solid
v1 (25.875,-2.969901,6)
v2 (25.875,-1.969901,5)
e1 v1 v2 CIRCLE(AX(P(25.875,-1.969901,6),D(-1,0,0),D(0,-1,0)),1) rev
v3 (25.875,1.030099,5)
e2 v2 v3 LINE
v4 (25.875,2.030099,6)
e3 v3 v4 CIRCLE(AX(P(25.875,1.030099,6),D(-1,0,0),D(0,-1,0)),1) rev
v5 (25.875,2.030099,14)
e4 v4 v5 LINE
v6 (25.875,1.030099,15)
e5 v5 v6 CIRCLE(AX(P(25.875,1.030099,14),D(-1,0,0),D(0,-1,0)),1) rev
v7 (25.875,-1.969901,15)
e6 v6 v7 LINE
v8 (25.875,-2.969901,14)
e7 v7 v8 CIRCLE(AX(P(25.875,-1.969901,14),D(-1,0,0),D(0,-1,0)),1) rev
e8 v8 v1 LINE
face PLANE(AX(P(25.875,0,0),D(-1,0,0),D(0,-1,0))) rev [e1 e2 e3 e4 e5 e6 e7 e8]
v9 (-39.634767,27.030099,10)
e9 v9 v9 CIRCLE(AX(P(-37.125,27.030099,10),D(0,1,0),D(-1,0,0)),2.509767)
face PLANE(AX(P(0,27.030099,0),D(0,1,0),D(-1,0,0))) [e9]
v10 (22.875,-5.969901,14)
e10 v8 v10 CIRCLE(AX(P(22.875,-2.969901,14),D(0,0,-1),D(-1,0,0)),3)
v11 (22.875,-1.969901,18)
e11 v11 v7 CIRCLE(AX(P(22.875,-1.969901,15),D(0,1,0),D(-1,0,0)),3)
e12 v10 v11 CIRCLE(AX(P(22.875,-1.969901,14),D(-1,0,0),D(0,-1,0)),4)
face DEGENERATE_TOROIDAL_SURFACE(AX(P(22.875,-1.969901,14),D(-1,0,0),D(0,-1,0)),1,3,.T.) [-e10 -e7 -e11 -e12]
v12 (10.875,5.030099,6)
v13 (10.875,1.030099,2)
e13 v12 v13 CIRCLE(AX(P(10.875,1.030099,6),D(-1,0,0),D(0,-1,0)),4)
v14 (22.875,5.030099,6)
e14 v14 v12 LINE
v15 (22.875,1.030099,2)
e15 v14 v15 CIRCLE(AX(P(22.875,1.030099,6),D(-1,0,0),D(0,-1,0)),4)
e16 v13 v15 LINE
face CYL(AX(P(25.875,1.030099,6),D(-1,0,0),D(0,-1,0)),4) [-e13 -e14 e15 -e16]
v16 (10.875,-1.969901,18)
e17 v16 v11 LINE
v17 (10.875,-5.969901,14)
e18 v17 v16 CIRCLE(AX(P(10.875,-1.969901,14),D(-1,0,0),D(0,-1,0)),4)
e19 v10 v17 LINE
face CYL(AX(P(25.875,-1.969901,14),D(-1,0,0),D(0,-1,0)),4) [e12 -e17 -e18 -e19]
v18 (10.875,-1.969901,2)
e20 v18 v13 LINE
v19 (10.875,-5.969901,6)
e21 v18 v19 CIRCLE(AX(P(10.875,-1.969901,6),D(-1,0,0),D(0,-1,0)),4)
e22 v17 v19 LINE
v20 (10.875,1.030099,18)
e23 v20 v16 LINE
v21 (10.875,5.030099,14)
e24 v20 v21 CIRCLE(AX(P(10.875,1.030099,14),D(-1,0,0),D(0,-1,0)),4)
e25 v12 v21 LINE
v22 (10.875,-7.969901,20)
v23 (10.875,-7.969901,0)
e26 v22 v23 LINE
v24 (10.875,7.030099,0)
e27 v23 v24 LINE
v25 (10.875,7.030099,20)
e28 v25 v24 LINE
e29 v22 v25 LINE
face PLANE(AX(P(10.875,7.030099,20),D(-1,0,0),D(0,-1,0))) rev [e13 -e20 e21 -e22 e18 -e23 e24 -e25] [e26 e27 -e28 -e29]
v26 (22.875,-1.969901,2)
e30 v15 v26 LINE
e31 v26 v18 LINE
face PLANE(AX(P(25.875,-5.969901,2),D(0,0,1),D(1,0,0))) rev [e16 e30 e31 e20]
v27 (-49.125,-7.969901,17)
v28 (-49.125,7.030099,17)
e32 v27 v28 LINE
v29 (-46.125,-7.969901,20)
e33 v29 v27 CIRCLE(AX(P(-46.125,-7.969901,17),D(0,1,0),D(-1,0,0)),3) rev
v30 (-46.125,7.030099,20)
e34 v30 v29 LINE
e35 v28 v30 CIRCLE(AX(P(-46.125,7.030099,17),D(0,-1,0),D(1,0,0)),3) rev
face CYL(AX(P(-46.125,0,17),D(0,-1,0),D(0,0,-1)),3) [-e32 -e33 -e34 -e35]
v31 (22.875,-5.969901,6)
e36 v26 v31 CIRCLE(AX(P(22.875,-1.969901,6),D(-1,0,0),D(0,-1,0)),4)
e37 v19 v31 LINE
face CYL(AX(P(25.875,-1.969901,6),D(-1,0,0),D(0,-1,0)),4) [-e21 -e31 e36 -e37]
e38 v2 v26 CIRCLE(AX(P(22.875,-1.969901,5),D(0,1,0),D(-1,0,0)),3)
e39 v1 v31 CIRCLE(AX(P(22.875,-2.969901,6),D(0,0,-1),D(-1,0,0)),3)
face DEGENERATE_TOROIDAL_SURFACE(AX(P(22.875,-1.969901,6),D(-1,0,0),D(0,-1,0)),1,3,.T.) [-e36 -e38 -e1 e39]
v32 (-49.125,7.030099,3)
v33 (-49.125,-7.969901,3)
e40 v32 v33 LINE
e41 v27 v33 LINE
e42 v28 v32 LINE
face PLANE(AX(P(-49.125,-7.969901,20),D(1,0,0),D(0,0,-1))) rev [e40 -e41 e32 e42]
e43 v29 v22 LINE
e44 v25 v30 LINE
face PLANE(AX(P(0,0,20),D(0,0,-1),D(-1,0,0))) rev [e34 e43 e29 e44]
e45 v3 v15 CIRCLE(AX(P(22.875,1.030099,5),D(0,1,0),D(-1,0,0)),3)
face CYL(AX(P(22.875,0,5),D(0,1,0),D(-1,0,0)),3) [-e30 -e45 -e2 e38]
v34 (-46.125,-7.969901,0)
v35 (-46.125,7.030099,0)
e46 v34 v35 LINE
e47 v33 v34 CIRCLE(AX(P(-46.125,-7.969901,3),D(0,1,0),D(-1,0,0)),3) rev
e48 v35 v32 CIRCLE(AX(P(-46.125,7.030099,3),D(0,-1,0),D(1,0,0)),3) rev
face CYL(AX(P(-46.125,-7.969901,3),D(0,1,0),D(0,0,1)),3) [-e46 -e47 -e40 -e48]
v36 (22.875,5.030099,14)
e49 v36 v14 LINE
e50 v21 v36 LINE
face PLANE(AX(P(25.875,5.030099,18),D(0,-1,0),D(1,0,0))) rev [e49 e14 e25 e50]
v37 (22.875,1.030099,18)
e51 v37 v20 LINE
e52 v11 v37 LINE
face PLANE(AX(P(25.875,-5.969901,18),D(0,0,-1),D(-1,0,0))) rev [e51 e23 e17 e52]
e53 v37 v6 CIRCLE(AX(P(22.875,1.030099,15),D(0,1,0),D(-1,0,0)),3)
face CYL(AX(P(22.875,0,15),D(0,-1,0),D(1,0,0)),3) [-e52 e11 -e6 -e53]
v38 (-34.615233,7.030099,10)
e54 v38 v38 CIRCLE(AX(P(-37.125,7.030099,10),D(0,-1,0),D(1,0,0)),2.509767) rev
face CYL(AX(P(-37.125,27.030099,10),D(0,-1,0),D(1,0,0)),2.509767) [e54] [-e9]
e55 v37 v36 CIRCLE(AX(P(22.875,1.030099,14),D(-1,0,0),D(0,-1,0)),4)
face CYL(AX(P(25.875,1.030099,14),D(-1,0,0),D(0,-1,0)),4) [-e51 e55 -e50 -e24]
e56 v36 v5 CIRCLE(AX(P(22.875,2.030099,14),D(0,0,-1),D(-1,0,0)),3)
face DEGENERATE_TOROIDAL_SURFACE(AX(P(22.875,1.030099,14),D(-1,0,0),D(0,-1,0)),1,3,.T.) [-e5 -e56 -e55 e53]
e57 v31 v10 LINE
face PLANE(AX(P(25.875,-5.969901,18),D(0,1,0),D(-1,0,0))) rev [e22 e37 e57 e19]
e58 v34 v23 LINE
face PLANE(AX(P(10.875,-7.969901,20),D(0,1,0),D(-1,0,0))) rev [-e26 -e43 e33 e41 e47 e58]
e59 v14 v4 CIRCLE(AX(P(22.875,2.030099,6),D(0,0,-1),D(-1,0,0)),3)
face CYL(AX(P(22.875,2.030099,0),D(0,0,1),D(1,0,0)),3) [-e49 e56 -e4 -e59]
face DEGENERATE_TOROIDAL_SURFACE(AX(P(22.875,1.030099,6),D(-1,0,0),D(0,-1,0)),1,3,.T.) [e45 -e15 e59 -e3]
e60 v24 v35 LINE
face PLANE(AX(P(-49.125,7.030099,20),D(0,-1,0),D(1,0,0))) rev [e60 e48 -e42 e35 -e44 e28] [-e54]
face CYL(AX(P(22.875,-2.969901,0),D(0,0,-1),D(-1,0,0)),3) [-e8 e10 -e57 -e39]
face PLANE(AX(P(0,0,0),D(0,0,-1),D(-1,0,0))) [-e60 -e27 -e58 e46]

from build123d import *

# Parameters (mm, degrees)
SKETCH1_W           = 60
SKETCH1_H           = 15
BOSS_EXTRUDE2_DEPTH = 20
SKETCH4_R           = 2.509766753
BOSS_EXTRUDE3_DEPTH = 20
SKETCH5_W           = 16
SKETCH5_H           = 11
BOSS_EXTRUDE4_DEPTH = 15
FILLET2_R           = 4
FILLET3_R           = 4
FILLET6_R           = 4
FILLET7_R           = 3
FILLET8_R           = 3


with BuildPart() as part:
    # Sketch1 → Boss-Extrude2 (new body)
    with BuildSketch(Plane.XY):
        with Locations((-19.125, -0.469901236)):
            Rectangle(SKETCH1_W, SKETCH1_H)
    extrude(amount=BOSS_EXTRUDE2_DEPTH)

    # Sketch4 → Boss-Extrude3 (add)
    with BuildSketch(Plane(origin=(0, 7.030098764, 0), x_dir=(1, 0, 0), z_dir=(0, 1, 0))):
        with Locations((-37.125, -10)):
            Circle(SKETCH4_R)
    extrude(amount=BOSS_EXTRUDE3_DEPTH)

    # Sketch5 → Boss-Extrude4 (add)
    with BuildSketch(Plane(origin=(10.875, 0, 0), x_dir=(0, 0, -1), z_dir=(1, 0, 0))):
        with Locations((-10, -0.469901236)):
            Rectangle(SKETCH5_W, SKETCH5_H)
    extrude(amount=BOSS_EXTRUDE4_DEPTH)

    # Fillet2
    fillet2_edges = [part.edges().sort_by_distance(p)[0] for p in [
        (18.375, 5.030098764, 2),
    ]]
    fillet(fillet2_edges, radius=FILLET2_R)

    # Fillet3
    fillet3_edges = [part.edges().sort_by_distance(p)[0] for p in [
        (18.375, 5.030098764, 18),
    ]]
    fillet(fillet3_edges, radius=FILLET3_R)

    # Fillet6
    fillet6_edges = [part.edges().sort_by_distance(p)[0] for p in [
        (18.375, -5.969901236, 2),
        (18.375, -5.969901236, 18),
    ]]
    fillet(fillet6_edges, radius=FILLET6_R)

    # Fillet7
    fillet7_edges = [part.edges().sort_by_distance(p)[0] for p in [
        (25.875, 5.030098764, 10),
        (25.875, 3.858525889, 3.171572875),
        (25.875, -0.469901236, 18),
        (25.875, 3.858525889, 16.828427125),
        (25.875, -5.969901236, 10),
        (25.875, -0.469901236, 2),
        (25.875, -4.798328361, 3.171572875),
        (25.875, -4.798328361, 16.828427125),
    ]]
    fillet(fillet7_edges, radius=FILLET7_R)

    # Fillet8
    fillet8_edges = [part.edges().sort_by_distance(p)[0] for p in [
        (-49.125, -0.469901236, 20),
        (-49.125, -0.469901236, 0),
    ]]
    fillet(fillet8_edges, radius=FILLET8_R)


solid = part.part
